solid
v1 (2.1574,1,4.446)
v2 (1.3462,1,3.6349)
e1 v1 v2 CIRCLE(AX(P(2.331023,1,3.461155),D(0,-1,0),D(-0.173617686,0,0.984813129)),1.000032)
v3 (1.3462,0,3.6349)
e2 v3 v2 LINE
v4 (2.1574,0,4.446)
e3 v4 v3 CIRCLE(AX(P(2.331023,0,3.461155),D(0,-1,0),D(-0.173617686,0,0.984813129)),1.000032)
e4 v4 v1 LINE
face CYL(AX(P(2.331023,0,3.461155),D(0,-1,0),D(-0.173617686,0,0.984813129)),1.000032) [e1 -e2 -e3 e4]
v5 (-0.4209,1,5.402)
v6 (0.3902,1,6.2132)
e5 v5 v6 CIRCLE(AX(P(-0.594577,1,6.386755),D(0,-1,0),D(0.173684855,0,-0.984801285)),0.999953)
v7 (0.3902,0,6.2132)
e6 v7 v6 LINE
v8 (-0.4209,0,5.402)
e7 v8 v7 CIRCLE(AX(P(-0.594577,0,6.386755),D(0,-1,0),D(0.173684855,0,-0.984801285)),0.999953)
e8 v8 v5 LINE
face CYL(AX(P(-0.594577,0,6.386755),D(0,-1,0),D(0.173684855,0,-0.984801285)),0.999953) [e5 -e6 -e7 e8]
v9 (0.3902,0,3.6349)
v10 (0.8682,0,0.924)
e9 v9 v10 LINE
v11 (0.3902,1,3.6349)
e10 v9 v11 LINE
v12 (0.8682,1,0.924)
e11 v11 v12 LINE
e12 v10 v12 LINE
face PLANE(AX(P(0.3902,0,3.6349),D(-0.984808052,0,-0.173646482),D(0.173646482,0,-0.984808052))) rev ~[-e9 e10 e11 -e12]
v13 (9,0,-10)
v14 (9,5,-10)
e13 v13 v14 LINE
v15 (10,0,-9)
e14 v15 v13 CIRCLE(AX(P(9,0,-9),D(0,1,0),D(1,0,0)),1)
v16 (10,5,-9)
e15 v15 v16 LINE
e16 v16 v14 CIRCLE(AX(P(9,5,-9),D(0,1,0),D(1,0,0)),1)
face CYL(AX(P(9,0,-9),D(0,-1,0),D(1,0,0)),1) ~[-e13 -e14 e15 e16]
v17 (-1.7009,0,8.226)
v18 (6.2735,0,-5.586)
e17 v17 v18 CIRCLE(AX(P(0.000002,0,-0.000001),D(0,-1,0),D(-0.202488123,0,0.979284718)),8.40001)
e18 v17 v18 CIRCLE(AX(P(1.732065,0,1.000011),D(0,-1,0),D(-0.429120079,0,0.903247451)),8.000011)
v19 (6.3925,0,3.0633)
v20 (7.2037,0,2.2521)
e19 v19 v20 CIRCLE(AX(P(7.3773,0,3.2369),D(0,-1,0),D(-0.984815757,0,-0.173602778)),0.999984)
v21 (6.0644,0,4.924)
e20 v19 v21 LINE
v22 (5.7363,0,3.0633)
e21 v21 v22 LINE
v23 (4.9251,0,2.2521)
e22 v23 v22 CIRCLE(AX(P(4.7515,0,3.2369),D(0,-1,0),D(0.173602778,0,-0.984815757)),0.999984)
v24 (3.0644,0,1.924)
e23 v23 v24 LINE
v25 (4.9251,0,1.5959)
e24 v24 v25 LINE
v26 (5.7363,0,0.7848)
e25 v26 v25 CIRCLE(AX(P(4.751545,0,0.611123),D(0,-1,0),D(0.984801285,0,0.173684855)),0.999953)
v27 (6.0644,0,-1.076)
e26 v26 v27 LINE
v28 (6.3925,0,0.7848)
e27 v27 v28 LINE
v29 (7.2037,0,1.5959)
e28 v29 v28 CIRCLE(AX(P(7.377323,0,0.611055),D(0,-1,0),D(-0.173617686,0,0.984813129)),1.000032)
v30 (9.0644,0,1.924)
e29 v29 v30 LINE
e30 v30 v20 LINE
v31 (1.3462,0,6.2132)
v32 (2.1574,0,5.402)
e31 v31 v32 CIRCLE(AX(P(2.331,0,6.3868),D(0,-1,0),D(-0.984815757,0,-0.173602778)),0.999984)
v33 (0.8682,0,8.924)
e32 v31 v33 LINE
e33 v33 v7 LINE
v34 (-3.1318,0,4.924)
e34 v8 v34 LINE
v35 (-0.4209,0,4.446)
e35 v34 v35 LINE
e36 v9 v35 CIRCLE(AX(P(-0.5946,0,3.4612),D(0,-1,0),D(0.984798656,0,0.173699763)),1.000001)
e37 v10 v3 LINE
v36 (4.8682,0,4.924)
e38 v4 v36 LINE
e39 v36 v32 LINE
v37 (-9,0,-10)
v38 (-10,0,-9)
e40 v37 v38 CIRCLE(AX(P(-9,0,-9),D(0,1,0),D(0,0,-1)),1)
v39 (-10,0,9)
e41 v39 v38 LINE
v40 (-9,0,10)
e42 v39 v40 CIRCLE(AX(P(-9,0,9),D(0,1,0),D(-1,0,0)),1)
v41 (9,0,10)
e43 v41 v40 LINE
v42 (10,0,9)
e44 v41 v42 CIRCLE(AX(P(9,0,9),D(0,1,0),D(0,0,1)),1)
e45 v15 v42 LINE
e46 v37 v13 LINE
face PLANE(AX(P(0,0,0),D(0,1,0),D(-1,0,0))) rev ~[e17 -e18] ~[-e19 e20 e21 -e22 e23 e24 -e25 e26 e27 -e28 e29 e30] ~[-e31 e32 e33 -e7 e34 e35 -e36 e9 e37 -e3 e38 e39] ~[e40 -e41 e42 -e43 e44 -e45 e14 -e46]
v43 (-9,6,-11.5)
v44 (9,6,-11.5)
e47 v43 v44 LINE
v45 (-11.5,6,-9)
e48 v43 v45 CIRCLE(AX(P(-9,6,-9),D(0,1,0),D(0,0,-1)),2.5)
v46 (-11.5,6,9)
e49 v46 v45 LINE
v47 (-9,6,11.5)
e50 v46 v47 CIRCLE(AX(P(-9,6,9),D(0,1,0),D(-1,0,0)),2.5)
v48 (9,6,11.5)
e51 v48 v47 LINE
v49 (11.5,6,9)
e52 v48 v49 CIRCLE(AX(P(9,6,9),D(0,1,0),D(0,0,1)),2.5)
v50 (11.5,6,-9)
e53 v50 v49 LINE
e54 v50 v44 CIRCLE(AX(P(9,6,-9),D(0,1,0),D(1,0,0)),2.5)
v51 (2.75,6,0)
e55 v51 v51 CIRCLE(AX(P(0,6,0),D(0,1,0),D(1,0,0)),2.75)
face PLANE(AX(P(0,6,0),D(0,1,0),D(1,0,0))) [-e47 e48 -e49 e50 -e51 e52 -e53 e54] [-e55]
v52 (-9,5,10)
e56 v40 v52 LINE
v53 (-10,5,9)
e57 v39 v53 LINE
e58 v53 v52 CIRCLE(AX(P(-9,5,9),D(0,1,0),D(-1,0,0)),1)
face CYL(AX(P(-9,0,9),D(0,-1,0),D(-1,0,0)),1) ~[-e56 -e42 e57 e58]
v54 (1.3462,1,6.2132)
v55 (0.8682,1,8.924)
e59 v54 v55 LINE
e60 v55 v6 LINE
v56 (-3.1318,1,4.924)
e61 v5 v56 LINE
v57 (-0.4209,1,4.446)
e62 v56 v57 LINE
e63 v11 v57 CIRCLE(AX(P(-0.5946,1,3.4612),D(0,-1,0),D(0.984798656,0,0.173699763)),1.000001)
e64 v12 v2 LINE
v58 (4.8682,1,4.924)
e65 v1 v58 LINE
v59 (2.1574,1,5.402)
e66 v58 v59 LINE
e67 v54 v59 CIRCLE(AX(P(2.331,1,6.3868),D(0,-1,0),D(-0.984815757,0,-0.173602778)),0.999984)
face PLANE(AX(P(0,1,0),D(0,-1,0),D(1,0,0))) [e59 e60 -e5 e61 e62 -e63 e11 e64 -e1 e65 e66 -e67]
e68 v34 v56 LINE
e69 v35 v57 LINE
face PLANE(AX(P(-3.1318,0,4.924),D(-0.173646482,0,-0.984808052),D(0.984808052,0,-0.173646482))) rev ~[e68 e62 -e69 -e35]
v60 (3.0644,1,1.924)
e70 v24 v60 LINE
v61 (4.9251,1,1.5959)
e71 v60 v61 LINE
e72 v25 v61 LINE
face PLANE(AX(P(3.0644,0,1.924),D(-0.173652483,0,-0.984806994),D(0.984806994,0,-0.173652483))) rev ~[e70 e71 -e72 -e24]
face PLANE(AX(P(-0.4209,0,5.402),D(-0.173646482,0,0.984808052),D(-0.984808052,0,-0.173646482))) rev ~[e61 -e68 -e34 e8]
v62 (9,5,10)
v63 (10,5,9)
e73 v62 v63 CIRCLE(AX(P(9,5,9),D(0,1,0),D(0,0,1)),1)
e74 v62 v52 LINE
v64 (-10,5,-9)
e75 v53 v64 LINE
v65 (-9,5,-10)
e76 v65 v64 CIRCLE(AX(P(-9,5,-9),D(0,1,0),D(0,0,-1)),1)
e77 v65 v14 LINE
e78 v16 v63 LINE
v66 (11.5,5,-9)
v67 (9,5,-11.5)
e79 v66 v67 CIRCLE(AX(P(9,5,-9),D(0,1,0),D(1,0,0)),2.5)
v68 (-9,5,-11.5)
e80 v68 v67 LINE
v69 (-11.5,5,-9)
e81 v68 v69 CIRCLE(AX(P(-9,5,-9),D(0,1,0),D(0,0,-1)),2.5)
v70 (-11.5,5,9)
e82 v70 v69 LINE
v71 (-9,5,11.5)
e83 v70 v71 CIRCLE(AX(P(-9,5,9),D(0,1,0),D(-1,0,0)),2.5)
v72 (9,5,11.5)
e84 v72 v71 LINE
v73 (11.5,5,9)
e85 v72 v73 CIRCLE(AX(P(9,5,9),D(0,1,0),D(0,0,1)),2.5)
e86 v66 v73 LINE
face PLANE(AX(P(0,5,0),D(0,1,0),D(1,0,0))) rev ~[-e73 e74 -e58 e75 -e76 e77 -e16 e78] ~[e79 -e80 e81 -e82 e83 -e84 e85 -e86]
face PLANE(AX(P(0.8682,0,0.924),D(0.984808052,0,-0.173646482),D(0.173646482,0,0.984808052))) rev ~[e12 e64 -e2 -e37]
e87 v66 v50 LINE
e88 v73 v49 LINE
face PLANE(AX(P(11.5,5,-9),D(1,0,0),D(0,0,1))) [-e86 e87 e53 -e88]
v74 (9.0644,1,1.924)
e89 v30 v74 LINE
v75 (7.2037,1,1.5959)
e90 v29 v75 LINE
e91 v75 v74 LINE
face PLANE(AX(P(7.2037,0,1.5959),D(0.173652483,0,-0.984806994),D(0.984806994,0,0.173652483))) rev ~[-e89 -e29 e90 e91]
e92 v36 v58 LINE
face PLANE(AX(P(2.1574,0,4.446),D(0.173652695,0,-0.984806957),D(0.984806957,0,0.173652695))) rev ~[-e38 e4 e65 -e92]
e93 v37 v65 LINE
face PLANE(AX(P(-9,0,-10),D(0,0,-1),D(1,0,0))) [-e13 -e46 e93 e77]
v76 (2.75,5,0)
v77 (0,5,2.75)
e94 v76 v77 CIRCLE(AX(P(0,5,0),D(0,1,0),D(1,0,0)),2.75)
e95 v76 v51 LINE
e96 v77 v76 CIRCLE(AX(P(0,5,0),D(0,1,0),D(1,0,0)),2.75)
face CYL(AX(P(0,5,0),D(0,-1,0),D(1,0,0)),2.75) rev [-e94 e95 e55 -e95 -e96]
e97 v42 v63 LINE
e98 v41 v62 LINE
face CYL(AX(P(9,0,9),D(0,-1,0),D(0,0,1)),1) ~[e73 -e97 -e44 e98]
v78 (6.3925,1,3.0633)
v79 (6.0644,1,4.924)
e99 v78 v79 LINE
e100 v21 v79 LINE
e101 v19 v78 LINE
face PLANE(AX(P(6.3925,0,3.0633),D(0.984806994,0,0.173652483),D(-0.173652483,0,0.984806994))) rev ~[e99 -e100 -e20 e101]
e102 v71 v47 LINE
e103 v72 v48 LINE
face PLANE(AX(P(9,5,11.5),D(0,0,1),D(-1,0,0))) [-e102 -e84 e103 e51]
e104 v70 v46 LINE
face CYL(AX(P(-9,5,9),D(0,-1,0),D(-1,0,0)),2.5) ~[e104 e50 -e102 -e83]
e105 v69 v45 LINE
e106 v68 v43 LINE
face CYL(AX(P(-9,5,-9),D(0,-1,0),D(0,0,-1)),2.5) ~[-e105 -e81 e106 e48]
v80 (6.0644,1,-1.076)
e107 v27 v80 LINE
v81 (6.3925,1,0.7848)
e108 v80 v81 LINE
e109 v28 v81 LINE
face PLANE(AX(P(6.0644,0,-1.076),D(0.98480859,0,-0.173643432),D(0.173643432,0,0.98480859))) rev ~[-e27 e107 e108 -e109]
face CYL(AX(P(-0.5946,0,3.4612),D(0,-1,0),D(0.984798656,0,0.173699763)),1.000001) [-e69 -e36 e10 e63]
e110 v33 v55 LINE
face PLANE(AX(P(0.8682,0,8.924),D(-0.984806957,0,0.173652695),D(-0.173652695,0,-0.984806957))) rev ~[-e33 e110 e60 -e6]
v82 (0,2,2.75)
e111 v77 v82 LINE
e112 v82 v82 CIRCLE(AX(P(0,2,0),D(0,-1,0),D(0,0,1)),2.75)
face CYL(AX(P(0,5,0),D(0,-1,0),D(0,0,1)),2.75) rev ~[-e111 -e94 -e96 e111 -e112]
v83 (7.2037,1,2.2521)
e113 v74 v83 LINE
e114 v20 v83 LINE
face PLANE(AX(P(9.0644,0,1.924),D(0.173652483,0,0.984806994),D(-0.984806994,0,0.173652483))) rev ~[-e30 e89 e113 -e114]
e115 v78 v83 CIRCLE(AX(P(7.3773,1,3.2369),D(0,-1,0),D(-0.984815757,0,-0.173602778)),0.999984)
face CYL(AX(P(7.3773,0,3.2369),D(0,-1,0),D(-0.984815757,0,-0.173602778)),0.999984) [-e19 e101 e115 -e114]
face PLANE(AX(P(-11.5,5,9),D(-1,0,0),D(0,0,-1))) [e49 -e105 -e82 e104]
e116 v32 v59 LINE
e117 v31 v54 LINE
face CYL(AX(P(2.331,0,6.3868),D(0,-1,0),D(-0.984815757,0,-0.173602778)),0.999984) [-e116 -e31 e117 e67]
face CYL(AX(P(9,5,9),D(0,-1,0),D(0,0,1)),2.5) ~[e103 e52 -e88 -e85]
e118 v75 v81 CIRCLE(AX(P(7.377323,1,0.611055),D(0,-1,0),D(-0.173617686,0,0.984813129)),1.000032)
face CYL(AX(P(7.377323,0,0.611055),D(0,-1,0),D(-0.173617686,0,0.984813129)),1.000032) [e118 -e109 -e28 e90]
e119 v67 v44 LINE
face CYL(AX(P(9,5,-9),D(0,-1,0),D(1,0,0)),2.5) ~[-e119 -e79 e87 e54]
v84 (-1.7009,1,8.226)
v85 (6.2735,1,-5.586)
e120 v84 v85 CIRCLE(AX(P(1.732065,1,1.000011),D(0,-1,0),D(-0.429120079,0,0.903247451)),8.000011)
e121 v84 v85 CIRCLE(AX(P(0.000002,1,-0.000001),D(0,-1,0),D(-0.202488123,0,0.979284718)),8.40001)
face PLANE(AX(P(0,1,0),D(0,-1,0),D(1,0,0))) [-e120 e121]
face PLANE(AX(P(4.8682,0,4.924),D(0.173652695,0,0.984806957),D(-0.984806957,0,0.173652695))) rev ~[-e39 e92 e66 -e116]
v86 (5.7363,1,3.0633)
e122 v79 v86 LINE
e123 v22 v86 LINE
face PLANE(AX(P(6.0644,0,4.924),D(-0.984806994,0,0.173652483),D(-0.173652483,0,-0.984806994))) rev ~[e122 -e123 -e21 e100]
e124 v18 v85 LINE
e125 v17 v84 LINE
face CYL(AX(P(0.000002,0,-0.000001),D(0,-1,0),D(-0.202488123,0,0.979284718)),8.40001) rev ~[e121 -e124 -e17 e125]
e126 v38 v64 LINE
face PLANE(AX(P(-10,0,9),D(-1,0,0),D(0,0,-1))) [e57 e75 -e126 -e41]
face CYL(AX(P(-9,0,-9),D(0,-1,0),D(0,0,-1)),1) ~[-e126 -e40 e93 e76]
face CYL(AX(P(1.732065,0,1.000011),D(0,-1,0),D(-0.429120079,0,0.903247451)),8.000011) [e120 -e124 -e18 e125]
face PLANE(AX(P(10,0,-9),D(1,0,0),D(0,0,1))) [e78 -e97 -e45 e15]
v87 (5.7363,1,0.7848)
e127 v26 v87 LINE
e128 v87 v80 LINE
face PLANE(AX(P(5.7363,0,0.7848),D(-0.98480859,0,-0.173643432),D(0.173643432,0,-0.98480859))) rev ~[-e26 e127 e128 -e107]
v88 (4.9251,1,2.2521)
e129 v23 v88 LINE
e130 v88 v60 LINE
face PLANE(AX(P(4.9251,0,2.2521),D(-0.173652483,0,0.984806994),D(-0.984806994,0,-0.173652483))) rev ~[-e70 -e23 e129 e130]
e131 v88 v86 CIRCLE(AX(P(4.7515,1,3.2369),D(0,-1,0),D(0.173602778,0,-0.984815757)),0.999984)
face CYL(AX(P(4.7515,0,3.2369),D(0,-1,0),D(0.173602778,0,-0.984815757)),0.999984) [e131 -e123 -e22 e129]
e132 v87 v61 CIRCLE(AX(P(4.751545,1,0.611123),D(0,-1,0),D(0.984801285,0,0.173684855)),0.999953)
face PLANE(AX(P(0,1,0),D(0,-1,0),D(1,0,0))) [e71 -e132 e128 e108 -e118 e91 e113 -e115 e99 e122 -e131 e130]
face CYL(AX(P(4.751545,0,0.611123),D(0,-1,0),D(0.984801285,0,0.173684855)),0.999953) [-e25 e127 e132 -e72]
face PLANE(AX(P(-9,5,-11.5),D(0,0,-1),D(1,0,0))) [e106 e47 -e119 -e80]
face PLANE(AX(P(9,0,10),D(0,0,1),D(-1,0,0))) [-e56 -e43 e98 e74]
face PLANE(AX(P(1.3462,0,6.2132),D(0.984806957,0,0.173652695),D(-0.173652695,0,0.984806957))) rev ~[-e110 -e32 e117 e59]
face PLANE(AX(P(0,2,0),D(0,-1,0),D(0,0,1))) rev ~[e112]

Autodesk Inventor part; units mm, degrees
ref_plane "YZ Plane" through (0, 0, 0) normal (1, 0, 0) x (0, 1, 0)
ref_plane "XZ Plane" through (0, 0, 0) normal (0, 1, 0) x (-1, 0, 0)
ref_plane "XY Plane" through (0, 0, 0) normal (0, 0, 1) x (1, 0, 0)
sketch "Sketch1" plane through (0, 0, 0) normal (0, 1, 0) x (-1, 0, 0)
  line L0 (9, -10) -> (-9, -10)
  line L1 (-10, -9) -> (-10, 9)
  line L2 (-9, 10) -> (9, 10)
  line L3 (10, 9) -> (10, -9)
  line L4 (10, 10) -> (-10, -10) construction
  line L5 (10, -10) -> (-10, 10) construction
  arc A0 (10, 9) -> (9, 10) centre (9, 9) ccw
  arc A1 (9, -10) -> (10, -9) centre (9, -9) ccw
  arc A2 (-10, -9) -> (-9, -10) centre (-9, -9) ccw
  arc A3 (-9, 10) -> (-10, 9) centre (-9, 9) ccw
  point P0 (0, 0)
  point P1 (0, 0)
  dimension "d7" = 20
  dimension "d9" = 20
  dimension "d10" = 1
extrude "Extrusion1" add sketch "Sketch1" along normal blind 5
sketch "Sketch2" plane through (0, 5, 0) normal (0, 1, 0) x (1, 0, 0)
  line L0 (-10, 9) -> (-10, -9) projected
  arc A0 (-10, -9) -> (-9, -10) centre (-9, -9) ccw projected
  line L1 (-9, -10) -> (9, -10) projected
  arc A1 (9, -10) -> (10, -9) centre (9, -9) ccw projected
  line L2 (10, -9) -> (10, 9) projected
  arc A2 (10, 9) -> (9, 10) centre (9, 9) ccw projected
  line L3 (9, 10) -> (-9, 10) projected
  arc A3 (-9, 10) -> (-10, 9) centre (-9, 9) ccw projected
  line L4 (9, -11.5) -> (-9, -11.5)
  arc A4 (-11.5, -9) -> (-9, -11.5) centre (-9, -9) ccw
  line L5 (-11.5, -9) -> (-11.5, 9)
  arc A5 (-9, 11.5) -> (-11.5, 9) centre (-9, 9) ccw
  line L6 (-9, 11.5) -> (9, 11.5)
  arc A6 (11.5, 9) -> (9, 11.5) centre (9, 9) ccw
  line L7 (11.5, 9) -> (11.5, -9)
  arc A7 (9, -11.5) -> (11.5, -9) centre (9, -9) ccw
  circle A8 centre (0, 0) radius 2.75
  dimension "d16" = 1.5
  dimension "d19" = 5.5
extrude "Extrusion3" add sketch "Sketch2" along normal blind 1 contours A3 L3 A2 L2 A1 L1 A0 L0 | L4 A4 L5 A5 L6 A6 L7 A7
sketch "Sketch3" plane through (0, 0, 0) normal (0, -1, 0) x (1, 0, 0)
  arc A0 (-1.7009, 8.226) -> (6.2735, -5.586) centre (1.7321, 1) ccw
  arc A1 (-1.7009, 8.226) -> (6.2735, -5.586) centre (0, 0) ccw
  line L0 (0, 0) -> (1.7321, 1) construction
  circle A2 centre (0, 0) radius 2.75 construction
  line L1 (0, 0) -> (9.8042, 0) construction
  line L2 (0.8682, 8.924) -> (0.3902, 6.2132)
  line L3 (0.3902, 3.6349) -> (0.8682, 0.924)
  line L4 (0.8682, 0.924) -> (1.3462, 3.6349)
  line L5 (1.3462, 6.2132) -> (0.8682, 8.924)
  line L6 (2.1574, 4.446) -> (4.8682, 4.924)
  line L7 (4.8682, 4.924) -> (2.1574, 5.402)
  line L8 (0.8682, 8.924) -> (0.8682, 0.924) construction
  line L9 (-3.1318, 4.924) -> (4.8682, 4.924) construction
  line L10 (-0.4209, 5.402) -> (-3.1318, 4.924)
  line L11 (-3.1318, 4.924) -> (-0.4209, 4.446)
  arc A3 (-0.4209, 5.402) -> (0.3902, 6.2132) centre (-0.5946, 6.3868) ccw
  arc A4 (1.3462, 6.2132) -> (2.1574, 5.402) centre (2.331, 6.3868) ccw
  arc A5 (2.1574, 4.446) -> (1.3462, 3.6349) centre (2.331, 3.4612) ccw
  arc A6 (0.3902, 3.6349) -> (-0.4209, 4.446) centre (-0.5946, 3.4612) ccw
  line L12 (6.0644, 4.924) -> (5.7363, 3.0633)
  line L13 (5.7363, 0.7848) -> (6.0644, -1.076)
  line L14 (6.0644, -1.076) -> (6.3925, 0.7848)
  line L15 (6.3925, 3.0633) -> (6.0644, 4.924)
  line L16 (7.2037, 1.5959) -> (9.0644, 1.924)
  line L17 (9.0644, 1.924) -> (7.2037, 2.2521)
  line L18 (6.0644, 4.924) -> (6.0644, -1.076) construction
  line L19 (3.0644, 1.924) -> (9.0644, 1.924) construction
  line L20 (4.9251, 2.2521) -> (3.0644, 1.924)
  line L21 (3.0644, 1.924) -> (4.9251, 1.5959)
  arc A7 (4.9251, 2.2521) -> (5.7363, 3.0633) centre (4.7515, 3.2369) ccw
  arc A8 (6.3925, 3.0633) -> (7.2037, 2.2521) centre (7.3773, 3.2369) ccw
  arc A9 (7.2037, 1.5959) -> (6.3925, 0.7848) centre (7.3773, 0.6111) ccw
  arc A10 (5.7363, 0.7848) -> (4.9251, 1.5959) centre (4.7515, 0.6111) ccw
  line L22 (0.8682, 4.924) -> (6.0644, 1.924) construction
  line L23 (0, 0) -> (0.8682, 4.924) construction
  dimension "d37" = 2
  dimension "d41" = 16
  dimension "d42" = 16.8
  dimension "d43" = 30
  dimension "d49" = 20
  dimension "d51" = 20
  dimension "d52" = 20
  dimension "d53" = 20
  dimension "d54" = 8
  dimension "d55" = 8
  dimension "d56" = 1
  dimension "d57" = 1
  dimension "d58" = 20
  dimension "d59" = 20
  dimension "d60" = 20
  dimension "d61" = 20
  dimension "d62" = 6
  dimension "d63" = 6
  dimension "d64" = 1
  dimension "d65" = 1
  dimension "d68" = 6
  dimension "d69" = 80
  dimension "d70" = 70
  dimension "d71" = 5
extrude "Extrusion5" cut sketch "Sketch3" against normal blind 1
hole "Hole1" at (0, 5, 0) direction (0, -1, 0) diameter 5.5 depth 3
equation "\"d7\" = button_side"
equation "\"d9\" = d7"
equation "\"d37\" = 0.1 * button_side"
equation "\"d41\" = 0.8 * button_side"
equation "\"d42\" = 1.05 * d41"
equation "\"d51\" = d49"
equation "\"d52\" = d49"
equation "\"d53\" = d49"
equation "\"d54\" = 0.4 * button_side"
equation "\"d55\" = d54"
equation "\"d59\" = d58"
equation "\"d60\" = d58"
equation "\"d61\" = d58"
equation "\"d62\" = 0.3 * button_side"
equation "\"d63\" = d62"
equation "\"d68\" = 0.3 * button_side"
equation "\"d0\" = 122"
equation "\"d1\" = 77"
equation "\"d4\" = 19"
equation "\"d5\" = 1"
equation "\"d8\" = 25"
equation "\"d13\" = 1.5"
equation "\"d14\" = 0"
equation "\"d15\" = 2"
equation "\"d30\" = 3.1"
equation "\"d31\" = 3"
equation "\"d33\" = 3"
equation "\"d34\" = 2"
equation "\"d36\" = 3"
equation "\"d38\" = 90deg"
equation "\"d39\" = 8"
equation "\"d40\" = 118deg"
equation "\"d44\" = 0"
equation "\"d45\" = 1.2"
equation "\"d46\" = 2"
equation "\"d47\" = 0"
equation "\"d50\" = 25"
equation "\"button_side\" = 20"
equation "\"d3\" = 1.01 * button_side"
equation "\"d2\" = d3"
properties part number "button2" material "Bronze, Soft Tin"
